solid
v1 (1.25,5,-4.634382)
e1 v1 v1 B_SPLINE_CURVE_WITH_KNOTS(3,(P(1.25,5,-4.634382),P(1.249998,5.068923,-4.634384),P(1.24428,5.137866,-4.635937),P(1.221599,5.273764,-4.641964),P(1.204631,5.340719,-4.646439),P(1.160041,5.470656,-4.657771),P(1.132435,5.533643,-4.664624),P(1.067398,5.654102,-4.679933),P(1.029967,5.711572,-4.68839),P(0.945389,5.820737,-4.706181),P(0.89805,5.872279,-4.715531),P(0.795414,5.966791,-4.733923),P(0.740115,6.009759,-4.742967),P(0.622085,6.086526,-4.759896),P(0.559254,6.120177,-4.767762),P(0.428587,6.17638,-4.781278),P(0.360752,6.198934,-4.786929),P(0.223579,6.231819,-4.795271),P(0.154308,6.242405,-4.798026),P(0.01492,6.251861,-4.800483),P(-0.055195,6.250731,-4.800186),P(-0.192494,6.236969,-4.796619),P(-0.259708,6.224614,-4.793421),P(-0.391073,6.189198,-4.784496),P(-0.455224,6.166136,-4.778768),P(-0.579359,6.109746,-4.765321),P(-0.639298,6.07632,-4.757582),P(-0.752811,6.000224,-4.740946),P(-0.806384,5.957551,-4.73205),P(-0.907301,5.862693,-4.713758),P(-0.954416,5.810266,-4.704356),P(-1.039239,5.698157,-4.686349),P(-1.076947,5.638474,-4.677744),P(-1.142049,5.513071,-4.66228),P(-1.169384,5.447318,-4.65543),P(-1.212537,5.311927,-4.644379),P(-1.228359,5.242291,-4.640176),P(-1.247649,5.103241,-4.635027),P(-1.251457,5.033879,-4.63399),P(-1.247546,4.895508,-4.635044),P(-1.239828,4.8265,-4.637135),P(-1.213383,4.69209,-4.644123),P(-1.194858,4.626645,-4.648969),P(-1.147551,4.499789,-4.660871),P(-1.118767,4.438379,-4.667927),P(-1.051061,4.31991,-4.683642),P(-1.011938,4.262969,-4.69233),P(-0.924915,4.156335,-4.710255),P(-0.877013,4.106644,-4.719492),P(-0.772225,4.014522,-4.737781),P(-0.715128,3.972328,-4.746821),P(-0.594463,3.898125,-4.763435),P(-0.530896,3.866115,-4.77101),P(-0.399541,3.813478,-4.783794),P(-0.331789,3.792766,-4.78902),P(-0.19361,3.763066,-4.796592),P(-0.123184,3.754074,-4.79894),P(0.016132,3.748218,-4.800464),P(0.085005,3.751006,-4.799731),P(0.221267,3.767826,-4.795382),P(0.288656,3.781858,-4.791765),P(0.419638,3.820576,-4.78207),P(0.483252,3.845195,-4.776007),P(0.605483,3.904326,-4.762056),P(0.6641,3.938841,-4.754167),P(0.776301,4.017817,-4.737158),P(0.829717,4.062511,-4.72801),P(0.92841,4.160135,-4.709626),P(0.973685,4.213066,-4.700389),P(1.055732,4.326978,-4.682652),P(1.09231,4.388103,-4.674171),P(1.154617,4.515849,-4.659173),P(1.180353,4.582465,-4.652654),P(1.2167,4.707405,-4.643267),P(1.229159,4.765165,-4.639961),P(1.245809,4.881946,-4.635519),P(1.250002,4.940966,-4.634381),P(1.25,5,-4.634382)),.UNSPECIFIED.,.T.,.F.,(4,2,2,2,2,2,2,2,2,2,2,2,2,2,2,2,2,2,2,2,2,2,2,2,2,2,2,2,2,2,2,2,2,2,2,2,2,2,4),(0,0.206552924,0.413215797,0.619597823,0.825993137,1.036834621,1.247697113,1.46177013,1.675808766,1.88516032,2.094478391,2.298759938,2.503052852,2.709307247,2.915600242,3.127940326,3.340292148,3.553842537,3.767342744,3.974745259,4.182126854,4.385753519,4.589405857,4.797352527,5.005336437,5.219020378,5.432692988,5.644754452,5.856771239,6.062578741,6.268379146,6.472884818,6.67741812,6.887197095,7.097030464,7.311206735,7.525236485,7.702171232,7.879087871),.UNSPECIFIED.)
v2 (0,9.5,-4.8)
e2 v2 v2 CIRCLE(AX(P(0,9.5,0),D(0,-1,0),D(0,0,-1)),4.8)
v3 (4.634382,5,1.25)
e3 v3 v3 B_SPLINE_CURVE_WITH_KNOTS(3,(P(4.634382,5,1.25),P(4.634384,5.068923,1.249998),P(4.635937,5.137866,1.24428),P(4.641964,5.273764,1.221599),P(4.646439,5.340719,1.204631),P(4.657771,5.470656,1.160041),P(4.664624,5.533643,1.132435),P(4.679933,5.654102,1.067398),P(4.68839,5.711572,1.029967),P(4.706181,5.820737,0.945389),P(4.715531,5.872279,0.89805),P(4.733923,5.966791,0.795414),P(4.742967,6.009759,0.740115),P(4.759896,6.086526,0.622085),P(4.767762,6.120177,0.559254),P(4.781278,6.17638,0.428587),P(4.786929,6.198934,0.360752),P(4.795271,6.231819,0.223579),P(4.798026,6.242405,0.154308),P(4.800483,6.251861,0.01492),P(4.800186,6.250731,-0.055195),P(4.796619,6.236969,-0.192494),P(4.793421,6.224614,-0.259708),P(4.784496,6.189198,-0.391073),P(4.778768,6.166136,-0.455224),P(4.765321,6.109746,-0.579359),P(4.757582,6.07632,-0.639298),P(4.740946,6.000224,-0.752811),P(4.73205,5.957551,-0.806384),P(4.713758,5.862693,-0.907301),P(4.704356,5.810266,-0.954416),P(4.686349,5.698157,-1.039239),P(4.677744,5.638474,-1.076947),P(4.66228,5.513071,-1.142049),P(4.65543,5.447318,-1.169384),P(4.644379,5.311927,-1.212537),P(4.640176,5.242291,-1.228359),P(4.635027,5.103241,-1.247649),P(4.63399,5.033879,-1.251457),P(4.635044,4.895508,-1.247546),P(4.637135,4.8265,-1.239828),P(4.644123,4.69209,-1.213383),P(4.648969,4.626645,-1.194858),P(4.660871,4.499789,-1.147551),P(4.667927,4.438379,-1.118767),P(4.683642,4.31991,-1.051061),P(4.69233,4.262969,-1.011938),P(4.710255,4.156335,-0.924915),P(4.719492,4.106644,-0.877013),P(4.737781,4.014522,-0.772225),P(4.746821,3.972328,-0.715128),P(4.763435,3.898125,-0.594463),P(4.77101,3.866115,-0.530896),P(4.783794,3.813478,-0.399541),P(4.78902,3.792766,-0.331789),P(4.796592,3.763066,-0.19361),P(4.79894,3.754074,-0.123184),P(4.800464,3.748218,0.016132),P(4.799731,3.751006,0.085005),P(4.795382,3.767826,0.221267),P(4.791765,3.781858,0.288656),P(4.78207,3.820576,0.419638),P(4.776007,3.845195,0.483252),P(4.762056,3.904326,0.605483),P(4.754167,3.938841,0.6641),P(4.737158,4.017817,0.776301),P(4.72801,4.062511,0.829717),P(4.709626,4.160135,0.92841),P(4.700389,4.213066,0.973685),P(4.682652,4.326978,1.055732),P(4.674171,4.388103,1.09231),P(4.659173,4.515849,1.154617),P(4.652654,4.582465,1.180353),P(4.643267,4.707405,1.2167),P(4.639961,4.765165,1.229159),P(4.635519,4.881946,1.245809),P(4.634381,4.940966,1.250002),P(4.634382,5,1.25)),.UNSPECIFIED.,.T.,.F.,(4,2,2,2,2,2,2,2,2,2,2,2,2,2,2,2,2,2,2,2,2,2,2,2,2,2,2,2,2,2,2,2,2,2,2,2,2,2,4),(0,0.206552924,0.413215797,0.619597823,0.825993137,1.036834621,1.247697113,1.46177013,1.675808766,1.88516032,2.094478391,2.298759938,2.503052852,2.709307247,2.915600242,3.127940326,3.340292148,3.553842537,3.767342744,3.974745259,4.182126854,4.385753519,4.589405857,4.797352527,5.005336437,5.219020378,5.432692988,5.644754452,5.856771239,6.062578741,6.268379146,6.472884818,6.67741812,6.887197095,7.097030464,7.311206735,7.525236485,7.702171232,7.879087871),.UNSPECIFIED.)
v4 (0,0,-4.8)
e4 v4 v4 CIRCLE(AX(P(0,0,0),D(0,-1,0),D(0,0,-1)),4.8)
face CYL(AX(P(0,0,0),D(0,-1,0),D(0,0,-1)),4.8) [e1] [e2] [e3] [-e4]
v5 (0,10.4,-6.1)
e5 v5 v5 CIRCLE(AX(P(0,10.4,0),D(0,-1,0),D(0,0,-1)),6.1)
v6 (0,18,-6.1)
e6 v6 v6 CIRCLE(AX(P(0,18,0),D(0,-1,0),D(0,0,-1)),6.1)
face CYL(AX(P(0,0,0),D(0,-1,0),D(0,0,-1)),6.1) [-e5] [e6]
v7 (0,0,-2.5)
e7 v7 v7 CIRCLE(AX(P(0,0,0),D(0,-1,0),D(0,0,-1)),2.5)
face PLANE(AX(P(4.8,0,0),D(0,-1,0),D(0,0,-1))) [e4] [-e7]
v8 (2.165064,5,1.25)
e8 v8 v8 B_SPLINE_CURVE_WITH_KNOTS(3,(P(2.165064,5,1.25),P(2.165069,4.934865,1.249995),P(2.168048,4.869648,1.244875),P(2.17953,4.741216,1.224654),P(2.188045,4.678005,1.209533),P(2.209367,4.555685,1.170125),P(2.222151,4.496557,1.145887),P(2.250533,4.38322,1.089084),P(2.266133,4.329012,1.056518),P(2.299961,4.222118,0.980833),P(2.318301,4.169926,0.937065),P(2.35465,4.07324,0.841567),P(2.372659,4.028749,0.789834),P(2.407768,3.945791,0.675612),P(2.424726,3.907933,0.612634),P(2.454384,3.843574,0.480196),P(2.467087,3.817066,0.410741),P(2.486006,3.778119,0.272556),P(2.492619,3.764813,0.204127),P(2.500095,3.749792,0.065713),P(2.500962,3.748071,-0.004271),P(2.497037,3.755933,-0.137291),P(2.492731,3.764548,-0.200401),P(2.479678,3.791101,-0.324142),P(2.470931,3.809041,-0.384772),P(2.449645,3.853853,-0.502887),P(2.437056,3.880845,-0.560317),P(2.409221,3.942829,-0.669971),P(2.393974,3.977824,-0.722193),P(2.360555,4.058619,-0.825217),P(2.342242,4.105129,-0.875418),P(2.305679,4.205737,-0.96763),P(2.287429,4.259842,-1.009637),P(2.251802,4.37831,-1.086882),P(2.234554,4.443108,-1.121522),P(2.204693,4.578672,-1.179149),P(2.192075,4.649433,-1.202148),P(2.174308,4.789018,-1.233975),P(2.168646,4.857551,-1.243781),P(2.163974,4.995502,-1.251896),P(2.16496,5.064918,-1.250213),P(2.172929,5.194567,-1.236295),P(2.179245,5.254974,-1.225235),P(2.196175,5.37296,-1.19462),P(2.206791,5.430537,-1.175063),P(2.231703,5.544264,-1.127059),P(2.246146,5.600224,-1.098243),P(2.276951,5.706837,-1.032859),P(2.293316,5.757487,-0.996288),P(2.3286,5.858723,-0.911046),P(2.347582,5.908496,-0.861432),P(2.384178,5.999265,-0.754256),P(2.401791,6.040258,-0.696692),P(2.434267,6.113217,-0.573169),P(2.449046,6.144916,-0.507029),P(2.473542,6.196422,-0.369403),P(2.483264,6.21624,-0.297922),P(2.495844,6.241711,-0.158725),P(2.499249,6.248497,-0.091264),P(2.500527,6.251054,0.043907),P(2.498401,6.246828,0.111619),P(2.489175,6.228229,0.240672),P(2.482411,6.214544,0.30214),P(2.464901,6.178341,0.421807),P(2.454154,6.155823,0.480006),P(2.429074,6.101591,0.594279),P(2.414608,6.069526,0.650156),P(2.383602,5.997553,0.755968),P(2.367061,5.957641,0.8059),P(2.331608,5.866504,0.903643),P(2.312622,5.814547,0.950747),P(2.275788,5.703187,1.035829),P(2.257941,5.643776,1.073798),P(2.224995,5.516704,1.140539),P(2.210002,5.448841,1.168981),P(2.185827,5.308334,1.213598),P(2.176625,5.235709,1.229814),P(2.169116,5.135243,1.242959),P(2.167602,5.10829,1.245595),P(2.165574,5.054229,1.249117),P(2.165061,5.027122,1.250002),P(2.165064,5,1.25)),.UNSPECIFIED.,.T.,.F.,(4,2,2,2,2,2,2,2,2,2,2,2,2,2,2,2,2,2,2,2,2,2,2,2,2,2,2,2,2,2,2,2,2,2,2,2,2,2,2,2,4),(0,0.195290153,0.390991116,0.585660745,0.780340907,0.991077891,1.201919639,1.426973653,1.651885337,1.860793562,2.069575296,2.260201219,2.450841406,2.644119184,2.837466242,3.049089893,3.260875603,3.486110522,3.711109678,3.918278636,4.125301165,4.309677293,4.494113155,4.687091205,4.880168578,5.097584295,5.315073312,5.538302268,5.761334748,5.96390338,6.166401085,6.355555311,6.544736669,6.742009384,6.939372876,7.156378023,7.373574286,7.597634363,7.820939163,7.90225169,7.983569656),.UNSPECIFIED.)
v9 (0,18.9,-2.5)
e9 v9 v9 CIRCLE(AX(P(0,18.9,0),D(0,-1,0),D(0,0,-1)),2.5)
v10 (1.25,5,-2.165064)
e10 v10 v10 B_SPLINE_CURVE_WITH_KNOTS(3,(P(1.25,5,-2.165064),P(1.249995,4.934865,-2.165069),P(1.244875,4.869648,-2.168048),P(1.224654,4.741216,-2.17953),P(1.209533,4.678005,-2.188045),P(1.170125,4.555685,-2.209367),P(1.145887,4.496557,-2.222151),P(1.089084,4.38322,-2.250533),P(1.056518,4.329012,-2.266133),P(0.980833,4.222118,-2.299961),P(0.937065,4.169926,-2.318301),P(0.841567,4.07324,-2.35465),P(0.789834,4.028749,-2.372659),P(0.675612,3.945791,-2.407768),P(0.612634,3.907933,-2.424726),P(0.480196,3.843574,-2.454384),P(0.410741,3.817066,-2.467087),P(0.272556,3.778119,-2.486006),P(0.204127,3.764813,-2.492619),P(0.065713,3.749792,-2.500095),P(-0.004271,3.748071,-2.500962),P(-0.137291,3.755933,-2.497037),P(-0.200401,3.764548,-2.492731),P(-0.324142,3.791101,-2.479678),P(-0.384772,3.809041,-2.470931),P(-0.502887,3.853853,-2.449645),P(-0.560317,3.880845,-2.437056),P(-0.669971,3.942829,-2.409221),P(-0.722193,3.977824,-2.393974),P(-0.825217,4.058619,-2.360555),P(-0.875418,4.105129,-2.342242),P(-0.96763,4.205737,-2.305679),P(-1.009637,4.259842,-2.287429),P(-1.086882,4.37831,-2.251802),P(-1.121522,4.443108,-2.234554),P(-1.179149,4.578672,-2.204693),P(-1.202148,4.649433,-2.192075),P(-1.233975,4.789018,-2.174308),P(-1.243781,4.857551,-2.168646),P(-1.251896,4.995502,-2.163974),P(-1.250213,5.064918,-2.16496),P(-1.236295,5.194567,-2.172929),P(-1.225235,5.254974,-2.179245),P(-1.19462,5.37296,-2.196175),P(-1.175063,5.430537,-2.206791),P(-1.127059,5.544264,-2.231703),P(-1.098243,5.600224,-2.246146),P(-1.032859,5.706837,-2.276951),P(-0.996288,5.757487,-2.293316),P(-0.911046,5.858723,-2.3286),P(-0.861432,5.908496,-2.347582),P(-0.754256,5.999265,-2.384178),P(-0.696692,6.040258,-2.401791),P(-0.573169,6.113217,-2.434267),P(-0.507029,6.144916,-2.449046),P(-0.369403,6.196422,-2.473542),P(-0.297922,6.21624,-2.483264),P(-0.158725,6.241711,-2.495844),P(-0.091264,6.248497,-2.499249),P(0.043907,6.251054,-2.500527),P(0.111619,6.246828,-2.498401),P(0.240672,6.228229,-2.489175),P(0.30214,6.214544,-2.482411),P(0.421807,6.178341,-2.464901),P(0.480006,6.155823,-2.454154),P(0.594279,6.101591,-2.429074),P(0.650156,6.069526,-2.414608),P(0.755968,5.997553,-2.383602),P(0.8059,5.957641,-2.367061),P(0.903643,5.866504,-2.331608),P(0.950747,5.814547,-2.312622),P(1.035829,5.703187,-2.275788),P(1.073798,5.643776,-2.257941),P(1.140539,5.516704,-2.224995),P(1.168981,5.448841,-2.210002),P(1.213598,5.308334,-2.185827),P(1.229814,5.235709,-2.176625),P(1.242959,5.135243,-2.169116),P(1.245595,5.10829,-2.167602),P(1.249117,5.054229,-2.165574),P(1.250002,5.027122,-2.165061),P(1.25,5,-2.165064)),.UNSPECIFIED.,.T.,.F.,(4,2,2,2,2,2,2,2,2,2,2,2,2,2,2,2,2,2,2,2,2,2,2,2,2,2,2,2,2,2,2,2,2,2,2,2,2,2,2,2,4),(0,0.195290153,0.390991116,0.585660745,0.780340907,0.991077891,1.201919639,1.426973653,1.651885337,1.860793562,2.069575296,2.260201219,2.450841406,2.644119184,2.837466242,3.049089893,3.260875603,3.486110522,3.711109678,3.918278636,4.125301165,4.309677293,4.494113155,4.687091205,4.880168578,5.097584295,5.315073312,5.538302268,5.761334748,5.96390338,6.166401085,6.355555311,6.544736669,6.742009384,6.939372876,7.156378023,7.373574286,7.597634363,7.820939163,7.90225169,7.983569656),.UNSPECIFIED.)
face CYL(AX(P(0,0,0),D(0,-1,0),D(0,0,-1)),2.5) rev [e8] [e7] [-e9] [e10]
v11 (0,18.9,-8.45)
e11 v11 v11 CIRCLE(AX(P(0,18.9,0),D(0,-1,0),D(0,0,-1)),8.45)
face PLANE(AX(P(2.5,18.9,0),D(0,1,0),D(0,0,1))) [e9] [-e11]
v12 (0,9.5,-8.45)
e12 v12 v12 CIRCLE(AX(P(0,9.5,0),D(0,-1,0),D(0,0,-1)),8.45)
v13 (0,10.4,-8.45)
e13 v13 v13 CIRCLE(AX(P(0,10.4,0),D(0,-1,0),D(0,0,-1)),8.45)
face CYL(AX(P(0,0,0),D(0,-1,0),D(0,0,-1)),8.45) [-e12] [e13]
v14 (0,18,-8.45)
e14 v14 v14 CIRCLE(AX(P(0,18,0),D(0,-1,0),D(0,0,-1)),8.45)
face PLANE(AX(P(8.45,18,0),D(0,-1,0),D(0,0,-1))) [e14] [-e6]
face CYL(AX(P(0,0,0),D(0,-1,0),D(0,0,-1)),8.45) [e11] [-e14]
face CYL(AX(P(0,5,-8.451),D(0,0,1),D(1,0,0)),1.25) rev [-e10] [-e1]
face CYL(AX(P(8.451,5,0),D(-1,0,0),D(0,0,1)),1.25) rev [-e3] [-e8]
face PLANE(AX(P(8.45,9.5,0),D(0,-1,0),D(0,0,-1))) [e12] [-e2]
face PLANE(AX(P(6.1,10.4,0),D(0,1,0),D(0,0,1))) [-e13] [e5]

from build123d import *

# Parameters (mm, degrees)
CORTAR_EXTRUIR1_REACH      = 24.361
CORTAR_EXTRUIR1_END_RADIUS = 4.8
CROQUIS2_R                 = 1.25
MATRIZC1_COUNT             = 2
MATRIZC1_ANGLE             = 90


with BuildPart() as part:
    # Croquis1 → Revolución1 (revolve)
    with BuildSketch(Plane.XY, mode=Mode.PRIVATE) as revoluci_n1_sk:
        Polygon((8.45, 9.5), (4.8, 9.5), (4.8, 0), (2.5, 0), (2.5, 18.9), (8.45, 18.9), (8.45, 18), (6.1, 18), (6.1, 10.4), (8.45, 10.4), align=None)
    revolve(revoluci_n1_sk.sketch.rotate(Axis((0, 0, 0), (0, 1, 0)), 90), axis=Axis((0, 0, 0), (0, 1, 0)))

    # Cortar-Extruir1: up to this cylinder (the profile starts inside it)
    cortar_extruir1_end = Plane(origin=(0, 5, 0), z_dir=(0, -1, 0)) * Cylinder(CORTAR_EXTRUIR1_END_RADIUS, 59.322, mode=Mode.PRIVATE)
    # Croquis2 → Cortar-Extruir1 (cut, up to the surface)
    with BuildSketch(Plane.XY, mode=Mode.PRIVATE) as cortar_extruir1_sk1:
        with Locations((0, 5)):
            Circle(CROQUIS2_R)
    cortar_extruir1_tool1 = extrude(cortar_extruir1_sk1.sketch, amount=-CORTAR_EXTRUIR1_REACH, mode=Mode.PRIVATE) & cortar_extruir1_end
    cortar_extruir1 = cortar_extruir1_tool1.solids().sort_by_distance((0, 5, 0))[0]
    add(cortar_extruir1, mode=Mode.SUBTRACT)

    # MatrizC1: Cortar-Extruir1 ×2 about axis
    matrizc1_axis = Axis((0, 0, 0), (0, -1, 0))
    for i in range(1, MATRIZC1_COUNT):
        add(cortar_extruir1.rotate(matrizc1_axis, i * MATRIZC1_ANGLE / (MATRIZC1_COUNT - 1)), mode=Mode.SUBTRACT)


solid = part.part
